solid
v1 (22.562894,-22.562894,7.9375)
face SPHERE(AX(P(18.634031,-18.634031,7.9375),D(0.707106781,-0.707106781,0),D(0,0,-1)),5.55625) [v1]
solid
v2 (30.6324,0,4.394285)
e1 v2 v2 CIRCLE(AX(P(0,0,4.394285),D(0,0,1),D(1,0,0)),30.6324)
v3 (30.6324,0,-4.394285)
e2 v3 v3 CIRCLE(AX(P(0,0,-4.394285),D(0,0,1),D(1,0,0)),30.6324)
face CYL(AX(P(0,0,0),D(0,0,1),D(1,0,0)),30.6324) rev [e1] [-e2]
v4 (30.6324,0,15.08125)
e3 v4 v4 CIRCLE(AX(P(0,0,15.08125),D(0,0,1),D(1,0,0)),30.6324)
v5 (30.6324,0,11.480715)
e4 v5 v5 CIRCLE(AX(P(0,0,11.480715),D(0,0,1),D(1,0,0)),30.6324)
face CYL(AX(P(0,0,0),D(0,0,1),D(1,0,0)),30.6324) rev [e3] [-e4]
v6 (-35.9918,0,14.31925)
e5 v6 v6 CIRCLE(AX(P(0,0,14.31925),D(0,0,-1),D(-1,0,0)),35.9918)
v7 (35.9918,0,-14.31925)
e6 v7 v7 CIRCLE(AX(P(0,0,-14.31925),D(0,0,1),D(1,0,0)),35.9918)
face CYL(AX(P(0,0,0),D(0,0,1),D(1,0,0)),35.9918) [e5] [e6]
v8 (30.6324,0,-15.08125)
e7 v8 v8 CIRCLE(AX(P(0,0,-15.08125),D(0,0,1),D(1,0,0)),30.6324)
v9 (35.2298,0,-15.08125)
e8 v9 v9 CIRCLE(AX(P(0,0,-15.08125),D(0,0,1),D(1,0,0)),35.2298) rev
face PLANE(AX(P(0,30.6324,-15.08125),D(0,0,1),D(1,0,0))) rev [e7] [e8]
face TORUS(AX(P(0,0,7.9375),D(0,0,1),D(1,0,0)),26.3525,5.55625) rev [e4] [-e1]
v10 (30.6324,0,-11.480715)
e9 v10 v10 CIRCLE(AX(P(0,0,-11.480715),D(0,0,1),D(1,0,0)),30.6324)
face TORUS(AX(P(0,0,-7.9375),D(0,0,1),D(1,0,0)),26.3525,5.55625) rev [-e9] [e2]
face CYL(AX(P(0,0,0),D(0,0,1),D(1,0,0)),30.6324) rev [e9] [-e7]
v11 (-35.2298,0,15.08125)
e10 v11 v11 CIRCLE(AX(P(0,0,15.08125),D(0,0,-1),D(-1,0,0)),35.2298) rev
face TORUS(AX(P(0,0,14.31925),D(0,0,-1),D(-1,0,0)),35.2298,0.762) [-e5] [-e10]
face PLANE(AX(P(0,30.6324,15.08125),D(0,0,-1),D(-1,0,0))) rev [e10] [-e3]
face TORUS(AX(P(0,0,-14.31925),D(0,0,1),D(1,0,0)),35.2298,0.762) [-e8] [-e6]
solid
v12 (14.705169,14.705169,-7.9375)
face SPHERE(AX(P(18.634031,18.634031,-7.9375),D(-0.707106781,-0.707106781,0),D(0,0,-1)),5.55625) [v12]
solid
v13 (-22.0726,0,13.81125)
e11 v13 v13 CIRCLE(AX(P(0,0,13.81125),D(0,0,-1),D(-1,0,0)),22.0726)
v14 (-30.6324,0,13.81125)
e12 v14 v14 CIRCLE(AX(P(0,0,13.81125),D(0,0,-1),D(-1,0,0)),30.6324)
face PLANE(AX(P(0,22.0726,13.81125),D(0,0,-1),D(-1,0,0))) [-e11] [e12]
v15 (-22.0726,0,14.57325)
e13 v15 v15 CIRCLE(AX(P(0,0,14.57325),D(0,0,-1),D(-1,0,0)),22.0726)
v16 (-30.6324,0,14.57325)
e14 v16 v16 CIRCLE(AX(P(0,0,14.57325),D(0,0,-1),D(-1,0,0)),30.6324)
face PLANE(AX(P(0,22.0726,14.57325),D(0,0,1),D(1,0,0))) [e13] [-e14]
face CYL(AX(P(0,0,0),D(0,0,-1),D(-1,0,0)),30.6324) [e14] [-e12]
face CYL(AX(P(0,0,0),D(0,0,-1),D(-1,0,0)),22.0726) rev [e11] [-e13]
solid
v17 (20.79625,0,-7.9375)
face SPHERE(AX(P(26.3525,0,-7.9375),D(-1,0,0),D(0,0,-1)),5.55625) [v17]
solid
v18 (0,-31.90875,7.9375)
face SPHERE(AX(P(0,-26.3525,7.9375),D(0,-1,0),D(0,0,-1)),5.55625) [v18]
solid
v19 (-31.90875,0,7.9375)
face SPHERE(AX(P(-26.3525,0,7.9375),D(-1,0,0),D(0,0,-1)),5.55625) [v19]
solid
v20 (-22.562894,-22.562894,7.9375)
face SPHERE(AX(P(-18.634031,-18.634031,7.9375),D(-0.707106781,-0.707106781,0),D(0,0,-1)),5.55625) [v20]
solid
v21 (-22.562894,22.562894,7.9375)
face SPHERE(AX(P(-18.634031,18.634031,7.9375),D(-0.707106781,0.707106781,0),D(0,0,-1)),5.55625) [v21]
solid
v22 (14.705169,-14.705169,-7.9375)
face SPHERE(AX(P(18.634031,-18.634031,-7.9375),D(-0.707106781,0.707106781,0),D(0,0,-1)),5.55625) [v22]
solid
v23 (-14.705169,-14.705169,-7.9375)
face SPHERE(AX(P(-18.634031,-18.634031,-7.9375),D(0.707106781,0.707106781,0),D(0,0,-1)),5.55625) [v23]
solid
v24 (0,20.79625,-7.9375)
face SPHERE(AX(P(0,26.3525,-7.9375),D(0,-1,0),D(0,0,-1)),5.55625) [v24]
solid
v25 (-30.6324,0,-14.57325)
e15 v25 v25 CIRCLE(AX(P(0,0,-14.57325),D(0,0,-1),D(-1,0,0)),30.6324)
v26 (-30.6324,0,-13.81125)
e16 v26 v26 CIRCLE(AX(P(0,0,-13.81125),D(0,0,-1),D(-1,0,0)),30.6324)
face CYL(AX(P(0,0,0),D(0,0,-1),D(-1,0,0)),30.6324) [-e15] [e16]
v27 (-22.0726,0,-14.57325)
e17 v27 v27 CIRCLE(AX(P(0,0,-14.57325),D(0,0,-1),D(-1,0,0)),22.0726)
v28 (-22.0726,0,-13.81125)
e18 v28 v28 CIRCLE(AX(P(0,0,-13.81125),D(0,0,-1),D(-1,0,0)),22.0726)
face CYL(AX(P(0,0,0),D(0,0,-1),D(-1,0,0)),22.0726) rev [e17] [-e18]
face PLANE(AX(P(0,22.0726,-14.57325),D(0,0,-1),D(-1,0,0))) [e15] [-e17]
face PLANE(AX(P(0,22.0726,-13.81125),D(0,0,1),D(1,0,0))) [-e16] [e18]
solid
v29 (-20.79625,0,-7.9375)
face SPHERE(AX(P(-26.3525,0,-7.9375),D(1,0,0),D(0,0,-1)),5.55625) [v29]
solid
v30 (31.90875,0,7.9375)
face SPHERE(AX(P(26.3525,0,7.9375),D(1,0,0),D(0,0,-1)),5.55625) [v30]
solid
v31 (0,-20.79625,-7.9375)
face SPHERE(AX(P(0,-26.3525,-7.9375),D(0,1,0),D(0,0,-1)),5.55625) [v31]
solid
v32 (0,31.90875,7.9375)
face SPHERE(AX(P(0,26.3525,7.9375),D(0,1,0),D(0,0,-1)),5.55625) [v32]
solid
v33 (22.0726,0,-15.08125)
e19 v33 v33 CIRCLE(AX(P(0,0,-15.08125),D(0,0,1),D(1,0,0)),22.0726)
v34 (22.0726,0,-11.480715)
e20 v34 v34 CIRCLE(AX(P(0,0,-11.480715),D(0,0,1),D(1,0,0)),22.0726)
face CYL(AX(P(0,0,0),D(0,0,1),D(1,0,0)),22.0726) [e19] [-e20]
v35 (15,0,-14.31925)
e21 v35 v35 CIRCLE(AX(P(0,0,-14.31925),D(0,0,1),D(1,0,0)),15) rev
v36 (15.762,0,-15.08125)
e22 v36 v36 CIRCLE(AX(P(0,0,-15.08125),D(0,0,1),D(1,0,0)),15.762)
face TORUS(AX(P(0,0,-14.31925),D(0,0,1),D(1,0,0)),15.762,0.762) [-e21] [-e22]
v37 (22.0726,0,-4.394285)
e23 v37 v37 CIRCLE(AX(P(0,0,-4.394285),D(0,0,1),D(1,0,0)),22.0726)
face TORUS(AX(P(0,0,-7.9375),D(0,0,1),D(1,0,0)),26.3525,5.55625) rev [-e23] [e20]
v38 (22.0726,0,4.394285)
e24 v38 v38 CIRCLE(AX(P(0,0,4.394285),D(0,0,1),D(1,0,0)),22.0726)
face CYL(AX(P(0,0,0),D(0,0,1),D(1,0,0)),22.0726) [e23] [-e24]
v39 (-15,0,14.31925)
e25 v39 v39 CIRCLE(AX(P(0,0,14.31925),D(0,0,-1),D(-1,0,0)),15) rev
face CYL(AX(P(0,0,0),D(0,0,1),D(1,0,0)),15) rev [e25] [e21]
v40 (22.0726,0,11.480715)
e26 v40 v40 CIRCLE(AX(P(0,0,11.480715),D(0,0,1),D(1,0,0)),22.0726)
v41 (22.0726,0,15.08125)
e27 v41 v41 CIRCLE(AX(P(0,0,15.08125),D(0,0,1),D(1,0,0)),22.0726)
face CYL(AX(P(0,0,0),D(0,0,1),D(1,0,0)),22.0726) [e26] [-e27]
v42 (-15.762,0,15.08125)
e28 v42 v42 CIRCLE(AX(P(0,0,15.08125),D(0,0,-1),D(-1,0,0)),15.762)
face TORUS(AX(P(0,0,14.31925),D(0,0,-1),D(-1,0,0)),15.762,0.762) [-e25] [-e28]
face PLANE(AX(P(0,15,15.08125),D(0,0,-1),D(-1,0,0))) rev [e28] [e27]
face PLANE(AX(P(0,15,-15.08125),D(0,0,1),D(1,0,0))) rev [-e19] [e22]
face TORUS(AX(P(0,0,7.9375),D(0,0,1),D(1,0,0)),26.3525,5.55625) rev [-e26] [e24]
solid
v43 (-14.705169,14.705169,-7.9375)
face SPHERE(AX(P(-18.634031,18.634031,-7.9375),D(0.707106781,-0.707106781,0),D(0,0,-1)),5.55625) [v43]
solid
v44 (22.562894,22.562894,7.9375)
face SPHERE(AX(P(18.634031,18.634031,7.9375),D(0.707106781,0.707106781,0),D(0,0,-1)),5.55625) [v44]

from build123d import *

# Parameters (mm, degrees)
CIRPATTERN1_COUNT = 8
SKETCH5_W         = 0.762
SKETCH5_H         = 8.5598
FILLET1_R         = 0.762
FILLET2_R         = 0.762


with BuildPart() as part:
    # Sketch2 → Revolve1 (revolve)
    with BuildSketch(Plane(origin=(0, 0, 0), x_dir=(0, 0, -1), z_dir=(1, 0, 0)), mode=Mode.PRIVATE) as revolve1_sk:
        with BuildLine():
            Line((15.08125, 15), (15.08125, 22.0726))
            Line((15.08125, 22.0726), (11.48071465, 22.0726))
            ThreePointArc((11.48071465, 22.0726), (7.9375, 20.79625), (4.39428535, 22.0726))
            Line((4.39428535, 22.0726), (-4.39428535, 22.0726))
            ThreePointArc((-4.39428535, 22.0726), (-7.9375, 20.79625), (-11.48071465, 22.0726))
            Line((-11.48071465, 22.0726), (-15.08125, 22.0726))
            Line((-15.08125, 22.0726), (-15.08125, 15))
            Line((-15.08125, 15), (15.08125, 15))
        make_face()
        with BuildLine():
            Line((15.08125, 30.6324), (15.08125, 35.9918))
            Line((15.08125, 35.9918), (-15.08125, 35.9918))
            Line((-15.08125, 35.9918), (-15.08125, 30.6324))
            Line((-15.08125, 30.6324), (-11.48071465, 30.6324))
            ThreePointArc((-11.48071465, 30.6324), (-7.9375, 31.90875), (-4.39428535, 30.6324))
            Line((-4.39428535, 30.6324), (4.39428535, 30.6324))
            ThreePointArc((4.39428535, 30.6324), (7.9375, 31.90875), (11.48071465, 30.6324))
            Line((11.48071465, 30.6324), (15.08125, 30.6324))
        make_face()
    revolve(revolve1_sk.sketch.rotate(Axis((0, 0, 0), (0, 0, -1)), 90), axis=Axis((0, 0, 0), (0, 0, -1)))

    # Fillet1
    fillet1_edges = [part.edges().sort_by_distance(p)[0] for p in [
        (-35.9918, 0, -15.08125),
        (-35.9918, 0, 15.08125),
    ]]
    fillet(fillet1_edges, radius=FILLET1_R)

    # Fillet2
    fillet2_edges = [part.edges().sort_by_distance(p)[0] for p in [
        (-15, 0, 15.08125),
        (-15, 0, -15.08125),
    ]]
    fillet(fillet2_edges, radius=FILLET2_R)


with BuildPart() as body_2:
    # Sketch3 → Revolve2 (revolve)
    with BuildSketch(Plane(origin=(0, 0, 0), x_dir=(0, 0, -1), z_dir=(1, 0, 0))):
        with BuildLine():
            Line((7.9375, 31.90875), (7.9375, 20.79625))
            ThreePointArc((7.9375, 20.79625), (13.49375, 26.3525), (7.9375, 31.90875))
        make_face()
    revolve(axis=Axis((0, 26.3525, -7.9375), (0, 1, 0)))


with BuildPart() as body_3:
    # Sketch4 → Revolve3 (revolve)
    with BuildSketch(Plane(origin=(0, 0, 0), x_dir=(0, 0, -1), z_dir=(1, 0, 0))):
        with BuildLine():
            Line((-7.9375, 31.90875), (-7.9375, 20.79625))
            ThreePointArc((-7.9375, 20.79625), (-13.49375, 26.3525), (-7.9375, 31.90875))
        make_face()
    revolve(axis=Axis((0, 31.90875, 7.9375), (0, -1, 0)))


with BuildPart() as cirpattern1_1:
    # CirPattern1: pattern copy
    add(body_3.part.rotate(Axis((0, 0, 0), (0, 0, 1)), 1 * 360 / CIRPATTERN1_COUNT))


with BuildPart() as cirpattern1_2:
    # CirPattern1: pattern copy
    add(body_3.part.rotate(Axis((0, 0, 0), (0, 0, 1)), 2 * 360 / CIRPATTERN1_COUNT))


with BuildPart() as cirpattern1_3:
    # CirPattern1: pattern copy
    add(body_3.part.rotate(Axis((0, 0, 0), (0, 0, 1)), 3 * 360 / CIRPATTERN1_COUNT))


with BuildPart() as cirpattern1_4:
    # CirPattern1: pattern copy
    add(body_3.part.rotate(Axis((0, 0, 0), (0, 0, 1)), 4 * 360 / CIRPATTERN1_COUNT))


with BuildPart() as cirpattern1_5:
    # CirPattern1: pattern copy
    add(body_3.part.rotate(Axis((0, 0, 0), (0, 0, 1)), 5 * 360 / CIRPATTERN1_COUNT))


with BuildPart() as cirpattern1_6:
    # CirPattern1: pattern copy
    add(body_3.part.rotate(Axis((0, 0, 0), (0, 0, 1)), 6 * 360 / CIRPATTERN1_COUNT))


with BuildPart() as cirpattern1_7:
    # CirPattern1: pattern copy
    add(body_3.part.rotate(Axis((0, 0, 0), (0, 0, 1)), 7 * 360 / CIRPATTERN1_COUNT))


with BuildPart() as cirpattern1_8:
    # CirPattern1: pattern copy
    add(body_2.part.rotate(Axis((0, 0, 0), (0, 0, 1)), 1 * 360 / CIRPATTERN1_COUNT))


with BuildPart() as cirpattern1_9:
    # CirPattern1: pattern copy
    add(body_2.part.rotate(Axis((0, 0, 0), (0, 0, 1)), 2 * 360 / CIRPATTERN1_COUNT))


with BuildPart() as cirpattern1_10:
    # CirPattern1: pattern copy
    add(body_2.part.rotate(Axis((0, 0, 0), (0, 0, 1)), 3 * 360 / CIRPATTERN1_COUNT))


with BuildPart() as cirpattern1_11:
    # CirPattern1: pattern copy
    add(body_2.part.rotate(Axis((0, 0, 0), (0, 0, 1)), 4 * 360 / CIRPATTERN1_COUNT))


with BuildPart() as cirpattern1_12:
    # CirPattern1: pattern copy
    add(body_2.part.rotate(Axis((0, 0, 0), (0, 0, 1)), 5 * 360 / CIRPATTERN1_COUNT))


with BuildPart() as cirpattern1_13:
    # CirPattern1: pattern copy
    add(body_2.part.rotate(Axis((0, 0, 0), (0, 0, 1)), 6 * 360 / CIRPATTERN1_COUNT))


with BuildPart() as cirpattern1_14:
    # CirPattern1: pattern copy
    add(body_2.part.rotate(Axis((0, 0, 0), (0, 0, 1)), 7 * 360 / CIRPATTERN1_COUNT))


with BuildPart() as body_18:
    # Sketch5 → Revolve4 (revolve)
    with BuildSketch(Plane(origin=(0, 0, 0), x_dir=(0, 0, -1), z_dir=(1, 0, 0)), mode=Mode.PRIVATE) as revolve4_sk:
        with Locations((14.19225, 26.3525)):
            Rectangle(SKETCH5_W, SKETCH5_H)
        with Locations((-14.19225, 26.3525)):
            Rectangle(SKETCH5_W, SKETCH5_H)
    revolve(revolve4_sk.sketch.rotate(Axis((0, 0, 0), (0, 0, 1)), 90), axis=Axis((0, 0, 0), (0, 0, 1)))


solid = Compound([part.part, body_2.part, body_3.part, cirpattern1_1.part, cirpattern1_2.part, cirpattern1_3.part, cirpattern1_4.part, cirpattern1_5.part, cirpattern1_6.part, cirpattern1_7.part, cirpattern1_8.part, cirpattern1_9.part, cirpattern1_10.part, cirpattern1_11.part, cirpattern1_12.part, cirpattern1_13.part, cirpattern1_14.part, body_18.part])
